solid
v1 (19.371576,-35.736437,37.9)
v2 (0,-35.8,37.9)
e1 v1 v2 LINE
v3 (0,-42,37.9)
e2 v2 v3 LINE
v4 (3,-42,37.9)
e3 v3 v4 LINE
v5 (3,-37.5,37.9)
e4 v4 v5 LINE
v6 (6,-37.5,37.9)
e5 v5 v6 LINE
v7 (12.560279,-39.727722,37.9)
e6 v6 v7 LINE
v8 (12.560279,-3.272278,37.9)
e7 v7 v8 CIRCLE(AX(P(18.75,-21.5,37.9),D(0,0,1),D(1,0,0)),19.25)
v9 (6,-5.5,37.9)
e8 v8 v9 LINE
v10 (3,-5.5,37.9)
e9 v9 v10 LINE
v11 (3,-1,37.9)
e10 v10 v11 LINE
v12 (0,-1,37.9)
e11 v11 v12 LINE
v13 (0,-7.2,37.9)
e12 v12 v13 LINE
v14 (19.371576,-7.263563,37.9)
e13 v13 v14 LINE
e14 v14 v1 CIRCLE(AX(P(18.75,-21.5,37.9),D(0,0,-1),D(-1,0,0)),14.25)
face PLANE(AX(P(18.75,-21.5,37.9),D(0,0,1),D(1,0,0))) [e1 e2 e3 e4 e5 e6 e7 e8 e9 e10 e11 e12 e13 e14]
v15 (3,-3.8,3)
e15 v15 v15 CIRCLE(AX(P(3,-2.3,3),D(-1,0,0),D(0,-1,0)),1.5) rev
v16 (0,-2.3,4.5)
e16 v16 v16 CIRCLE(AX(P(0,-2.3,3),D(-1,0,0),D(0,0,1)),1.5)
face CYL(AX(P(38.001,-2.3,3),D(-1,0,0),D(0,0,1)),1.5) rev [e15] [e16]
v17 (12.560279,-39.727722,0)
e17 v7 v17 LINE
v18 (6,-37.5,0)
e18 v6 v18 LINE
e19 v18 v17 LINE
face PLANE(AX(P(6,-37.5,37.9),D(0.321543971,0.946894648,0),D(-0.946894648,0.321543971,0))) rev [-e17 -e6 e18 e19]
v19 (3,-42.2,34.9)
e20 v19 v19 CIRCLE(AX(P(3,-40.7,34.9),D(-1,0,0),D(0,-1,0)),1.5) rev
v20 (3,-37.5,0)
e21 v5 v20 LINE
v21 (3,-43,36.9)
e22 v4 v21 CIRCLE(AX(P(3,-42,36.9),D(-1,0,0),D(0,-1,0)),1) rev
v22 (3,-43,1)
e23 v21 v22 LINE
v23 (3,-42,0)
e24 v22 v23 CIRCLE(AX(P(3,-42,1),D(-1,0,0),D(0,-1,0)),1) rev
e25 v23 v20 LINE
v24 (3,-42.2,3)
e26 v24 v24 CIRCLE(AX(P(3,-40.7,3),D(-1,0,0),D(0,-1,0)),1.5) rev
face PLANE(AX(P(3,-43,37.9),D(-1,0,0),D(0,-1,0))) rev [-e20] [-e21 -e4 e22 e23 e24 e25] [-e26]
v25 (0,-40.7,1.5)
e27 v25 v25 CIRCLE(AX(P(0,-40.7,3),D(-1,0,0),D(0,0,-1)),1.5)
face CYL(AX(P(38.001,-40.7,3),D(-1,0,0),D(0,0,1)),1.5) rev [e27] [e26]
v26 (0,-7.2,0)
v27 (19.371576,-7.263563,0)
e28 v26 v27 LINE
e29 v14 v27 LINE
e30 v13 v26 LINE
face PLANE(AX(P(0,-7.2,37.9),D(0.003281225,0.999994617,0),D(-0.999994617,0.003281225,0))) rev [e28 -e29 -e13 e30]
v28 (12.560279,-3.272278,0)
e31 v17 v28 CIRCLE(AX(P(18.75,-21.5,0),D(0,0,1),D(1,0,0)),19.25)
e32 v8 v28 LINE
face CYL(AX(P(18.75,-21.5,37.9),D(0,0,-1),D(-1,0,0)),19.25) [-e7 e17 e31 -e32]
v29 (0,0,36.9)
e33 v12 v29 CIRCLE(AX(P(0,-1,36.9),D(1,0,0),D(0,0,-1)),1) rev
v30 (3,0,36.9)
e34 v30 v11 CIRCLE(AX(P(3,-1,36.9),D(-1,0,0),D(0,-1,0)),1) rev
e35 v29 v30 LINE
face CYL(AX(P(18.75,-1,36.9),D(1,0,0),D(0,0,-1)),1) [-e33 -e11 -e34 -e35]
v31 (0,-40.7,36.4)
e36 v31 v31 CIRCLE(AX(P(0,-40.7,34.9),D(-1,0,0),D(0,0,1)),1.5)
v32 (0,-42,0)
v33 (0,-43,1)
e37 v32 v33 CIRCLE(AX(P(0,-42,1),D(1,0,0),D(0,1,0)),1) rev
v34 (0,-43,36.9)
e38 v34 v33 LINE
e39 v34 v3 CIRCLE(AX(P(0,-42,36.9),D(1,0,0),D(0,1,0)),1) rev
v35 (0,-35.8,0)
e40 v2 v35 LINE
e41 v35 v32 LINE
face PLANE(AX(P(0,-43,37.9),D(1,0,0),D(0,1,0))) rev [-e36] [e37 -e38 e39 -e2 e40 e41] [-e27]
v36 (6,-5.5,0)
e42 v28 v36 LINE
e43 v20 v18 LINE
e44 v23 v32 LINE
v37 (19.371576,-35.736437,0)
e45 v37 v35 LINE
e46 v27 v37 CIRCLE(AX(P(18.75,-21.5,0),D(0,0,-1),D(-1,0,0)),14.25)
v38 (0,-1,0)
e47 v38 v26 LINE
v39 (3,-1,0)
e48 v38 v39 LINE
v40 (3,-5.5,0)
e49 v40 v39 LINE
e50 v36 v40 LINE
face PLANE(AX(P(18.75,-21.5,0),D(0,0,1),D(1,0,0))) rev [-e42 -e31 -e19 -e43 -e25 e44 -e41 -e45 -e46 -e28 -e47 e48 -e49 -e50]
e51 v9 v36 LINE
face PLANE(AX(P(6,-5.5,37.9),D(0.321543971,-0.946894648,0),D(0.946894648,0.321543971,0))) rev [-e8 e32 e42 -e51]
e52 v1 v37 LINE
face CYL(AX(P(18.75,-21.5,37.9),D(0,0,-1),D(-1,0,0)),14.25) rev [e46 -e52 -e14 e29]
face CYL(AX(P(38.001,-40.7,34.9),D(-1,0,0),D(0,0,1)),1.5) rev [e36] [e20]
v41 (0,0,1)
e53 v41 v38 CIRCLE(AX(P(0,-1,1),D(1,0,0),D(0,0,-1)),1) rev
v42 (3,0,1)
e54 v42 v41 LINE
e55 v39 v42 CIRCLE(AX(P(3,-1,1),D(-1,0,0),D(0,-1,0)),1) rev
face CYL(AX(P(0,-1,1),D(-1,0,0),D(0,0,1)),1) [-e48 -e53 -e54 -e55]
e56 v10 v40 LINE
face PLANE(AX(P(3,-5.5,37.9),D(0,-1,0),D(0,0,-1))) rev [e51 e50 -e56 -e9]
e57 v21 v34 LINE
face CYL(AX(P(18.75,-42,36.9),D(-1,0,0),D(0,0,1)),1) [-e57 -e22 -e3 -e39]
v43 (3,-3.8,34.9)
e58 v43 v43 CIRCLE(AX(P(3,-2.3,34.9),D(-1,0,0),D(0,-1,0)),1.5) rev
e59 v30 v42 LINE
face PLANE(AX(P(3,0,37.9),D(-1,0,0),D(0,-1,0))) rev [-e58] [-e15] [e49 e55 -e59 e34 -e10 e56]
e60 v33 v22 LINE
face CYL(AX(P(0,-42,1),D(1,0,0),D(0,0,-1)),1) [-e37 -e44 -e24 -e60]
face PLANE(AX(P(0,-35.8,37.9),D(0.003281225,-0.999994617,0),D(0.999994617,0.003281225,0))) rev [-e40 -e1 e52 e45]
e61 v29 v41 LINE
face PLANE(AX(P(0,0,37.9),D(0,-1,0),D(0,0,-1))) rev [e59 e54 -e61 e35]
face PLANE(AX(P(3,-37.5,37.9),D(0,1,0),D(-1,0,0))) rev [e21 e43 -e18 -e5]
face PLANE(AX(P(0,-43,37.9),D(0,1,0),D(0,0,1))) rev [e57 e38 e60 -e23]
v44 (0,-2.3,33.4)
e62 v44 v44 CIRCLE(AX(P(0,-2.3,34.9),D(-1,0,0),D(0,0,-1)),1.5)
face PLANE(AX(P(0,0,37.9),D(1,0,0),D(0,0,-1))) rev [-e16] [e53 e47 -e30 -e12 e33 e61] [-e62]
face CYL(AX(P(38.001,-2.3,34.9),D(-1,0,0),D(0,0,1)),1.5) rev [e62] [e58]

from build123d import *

# Parameters (mm, degrees)
EXTRUDE_1_DEPTH     = 37.9
CUT_EXTRUDE_1_REACH = 70.771
SKETCH_2_R          = 1.5
FILLET_1_R          = 1


with BuildPart() as part:
    # 草图1 → 凸台-拉伸1 (new body)
    with BuildSketch(Plane.XY):
        with BuildLine():
            Line((0, 0), (0, -7.2))
            Line((0, -7.2), (19.37157627, -7.263562842))
            ThreePointArc((19.37157627, -7.263562842), (33, -21.5), (19.37157627, -35.736437158))
            Line((19.37157627, -35.736437158), (0, -35.8))
            Line((0, -35.8), (0, -43))
            Line((0, -43), (3, -43))
            Line((3, -43), (3, -37.5))
            Line((3, -37.5), (6, -37.5))
            Line((6, -37.5), (12.56027856, -39.727721978))
            ThreePointArc((12.56027856, -39.727721978), (38, -21.5), (12.56027856, -3.272278022))
            Line((12.56027856, -3.272278022), (6, -5.5))
            Line((6, -5.5), (3, -5.5))
            Line((3, -5.5), (3, 0))
            Line((3, 0), (0, 0))
        make_face()
    extrude(amount=EXTRUDE_1_DEPTH)

    # 草图2 → 切除-拉伸1 (cut, up to next)
    with BuildSketch(Plane.ZY, mode=Mode.PRIVATE) as cut_extrude_1_sk1:
        with Locations((3, -2.3)):
            Circle(SKETCH_2_R)
    cut_extrude_1_tool1 = extrude(cut_extrude_1_sk1.sketch, amount=-CUT_EXTRUDE_1_REACH, mode=Mode.PRIVATE) & part.part
    # 草图2 → 切除-拉伸1 (cut, up to next)
    with BuildSketch(Plane.ZY, mode=Mode.PRIVATE) as cut_extrude_1_sk2:
        with Locations(Location((34.9, -2.3, 0), (0, 0, 270))):
            Circle(SKETCH_2_R)
    cut_extrude_1_tool2 = extrude(cut_extrude_1_sk2.sketch, amount=-CUT_EXTRUDE_1_REACH, mode=Mode.PRIVATE) & part.part
    # 草图2 → 切除-拉伸1 (cut, up to next)
    with BuildSketch(Plane.ZY, mode=Mode.PRIVATE) as cut_extrude_1_sk3:
        with Locations(Location((3, -40.7, 0), (0, 0, 270))):
            Circle(SKETCH_2_R)
    cut_extrude_1_tool3 = extrude(cut_extrude_1_sk3.sketch, amount=-CUT_EXTRUDE_1_REACH, mode=Mode.PRIVATE) & part.part
    # 草图2 → 切除-拉伸1 (cut, up to next)
    with BuildSketch(Plane.ZY, mode=Mode.PRIVATE) as cut_extrude_1_sk4:
        with Locations((34.9, -40.7)):
            Circle(SKETCH_2_R)
    cut_extrude_1_tool4 = extrude(cut_extrude_1_sk4.sketch, amount=-CUT_EXTRUDE_1_REACH, mode=Mode.PRIVATE) & part.part
    add(cut_extrude_1_tool1.solids().sort_by_distance((0, -2.3, 3))[0], mode=Mode.SUBTRACT)
    add(cut_extrude_1_tool2.solids().sort_by_distance((0, -2.3, 34.9))[0], mode=Mode.SUBTRACT)
    add(cut_extrude_1_tool3.solids().sort_by_distance((0, -40.7, 3))[0], mode=Mode.SUBTRACT)
    add(cut_extrude_1_tool4.solids().sort_by_distance((0, -40.7, 34.9))[0], mode=Mode.SUBTRACT)

    # 圆角1
    fillet_1_edges = [part.edges().sort_by_distance(p)[0] for p in [
        (1.5, -43, 0),
        (1.5, 0, 0),
        (1.5, -43, 37.9),
        (1.5, 0, 37.9),
    ]]
    fillet(fillet_1_edges, radius=FILLET_1_R)


solid = part.part
